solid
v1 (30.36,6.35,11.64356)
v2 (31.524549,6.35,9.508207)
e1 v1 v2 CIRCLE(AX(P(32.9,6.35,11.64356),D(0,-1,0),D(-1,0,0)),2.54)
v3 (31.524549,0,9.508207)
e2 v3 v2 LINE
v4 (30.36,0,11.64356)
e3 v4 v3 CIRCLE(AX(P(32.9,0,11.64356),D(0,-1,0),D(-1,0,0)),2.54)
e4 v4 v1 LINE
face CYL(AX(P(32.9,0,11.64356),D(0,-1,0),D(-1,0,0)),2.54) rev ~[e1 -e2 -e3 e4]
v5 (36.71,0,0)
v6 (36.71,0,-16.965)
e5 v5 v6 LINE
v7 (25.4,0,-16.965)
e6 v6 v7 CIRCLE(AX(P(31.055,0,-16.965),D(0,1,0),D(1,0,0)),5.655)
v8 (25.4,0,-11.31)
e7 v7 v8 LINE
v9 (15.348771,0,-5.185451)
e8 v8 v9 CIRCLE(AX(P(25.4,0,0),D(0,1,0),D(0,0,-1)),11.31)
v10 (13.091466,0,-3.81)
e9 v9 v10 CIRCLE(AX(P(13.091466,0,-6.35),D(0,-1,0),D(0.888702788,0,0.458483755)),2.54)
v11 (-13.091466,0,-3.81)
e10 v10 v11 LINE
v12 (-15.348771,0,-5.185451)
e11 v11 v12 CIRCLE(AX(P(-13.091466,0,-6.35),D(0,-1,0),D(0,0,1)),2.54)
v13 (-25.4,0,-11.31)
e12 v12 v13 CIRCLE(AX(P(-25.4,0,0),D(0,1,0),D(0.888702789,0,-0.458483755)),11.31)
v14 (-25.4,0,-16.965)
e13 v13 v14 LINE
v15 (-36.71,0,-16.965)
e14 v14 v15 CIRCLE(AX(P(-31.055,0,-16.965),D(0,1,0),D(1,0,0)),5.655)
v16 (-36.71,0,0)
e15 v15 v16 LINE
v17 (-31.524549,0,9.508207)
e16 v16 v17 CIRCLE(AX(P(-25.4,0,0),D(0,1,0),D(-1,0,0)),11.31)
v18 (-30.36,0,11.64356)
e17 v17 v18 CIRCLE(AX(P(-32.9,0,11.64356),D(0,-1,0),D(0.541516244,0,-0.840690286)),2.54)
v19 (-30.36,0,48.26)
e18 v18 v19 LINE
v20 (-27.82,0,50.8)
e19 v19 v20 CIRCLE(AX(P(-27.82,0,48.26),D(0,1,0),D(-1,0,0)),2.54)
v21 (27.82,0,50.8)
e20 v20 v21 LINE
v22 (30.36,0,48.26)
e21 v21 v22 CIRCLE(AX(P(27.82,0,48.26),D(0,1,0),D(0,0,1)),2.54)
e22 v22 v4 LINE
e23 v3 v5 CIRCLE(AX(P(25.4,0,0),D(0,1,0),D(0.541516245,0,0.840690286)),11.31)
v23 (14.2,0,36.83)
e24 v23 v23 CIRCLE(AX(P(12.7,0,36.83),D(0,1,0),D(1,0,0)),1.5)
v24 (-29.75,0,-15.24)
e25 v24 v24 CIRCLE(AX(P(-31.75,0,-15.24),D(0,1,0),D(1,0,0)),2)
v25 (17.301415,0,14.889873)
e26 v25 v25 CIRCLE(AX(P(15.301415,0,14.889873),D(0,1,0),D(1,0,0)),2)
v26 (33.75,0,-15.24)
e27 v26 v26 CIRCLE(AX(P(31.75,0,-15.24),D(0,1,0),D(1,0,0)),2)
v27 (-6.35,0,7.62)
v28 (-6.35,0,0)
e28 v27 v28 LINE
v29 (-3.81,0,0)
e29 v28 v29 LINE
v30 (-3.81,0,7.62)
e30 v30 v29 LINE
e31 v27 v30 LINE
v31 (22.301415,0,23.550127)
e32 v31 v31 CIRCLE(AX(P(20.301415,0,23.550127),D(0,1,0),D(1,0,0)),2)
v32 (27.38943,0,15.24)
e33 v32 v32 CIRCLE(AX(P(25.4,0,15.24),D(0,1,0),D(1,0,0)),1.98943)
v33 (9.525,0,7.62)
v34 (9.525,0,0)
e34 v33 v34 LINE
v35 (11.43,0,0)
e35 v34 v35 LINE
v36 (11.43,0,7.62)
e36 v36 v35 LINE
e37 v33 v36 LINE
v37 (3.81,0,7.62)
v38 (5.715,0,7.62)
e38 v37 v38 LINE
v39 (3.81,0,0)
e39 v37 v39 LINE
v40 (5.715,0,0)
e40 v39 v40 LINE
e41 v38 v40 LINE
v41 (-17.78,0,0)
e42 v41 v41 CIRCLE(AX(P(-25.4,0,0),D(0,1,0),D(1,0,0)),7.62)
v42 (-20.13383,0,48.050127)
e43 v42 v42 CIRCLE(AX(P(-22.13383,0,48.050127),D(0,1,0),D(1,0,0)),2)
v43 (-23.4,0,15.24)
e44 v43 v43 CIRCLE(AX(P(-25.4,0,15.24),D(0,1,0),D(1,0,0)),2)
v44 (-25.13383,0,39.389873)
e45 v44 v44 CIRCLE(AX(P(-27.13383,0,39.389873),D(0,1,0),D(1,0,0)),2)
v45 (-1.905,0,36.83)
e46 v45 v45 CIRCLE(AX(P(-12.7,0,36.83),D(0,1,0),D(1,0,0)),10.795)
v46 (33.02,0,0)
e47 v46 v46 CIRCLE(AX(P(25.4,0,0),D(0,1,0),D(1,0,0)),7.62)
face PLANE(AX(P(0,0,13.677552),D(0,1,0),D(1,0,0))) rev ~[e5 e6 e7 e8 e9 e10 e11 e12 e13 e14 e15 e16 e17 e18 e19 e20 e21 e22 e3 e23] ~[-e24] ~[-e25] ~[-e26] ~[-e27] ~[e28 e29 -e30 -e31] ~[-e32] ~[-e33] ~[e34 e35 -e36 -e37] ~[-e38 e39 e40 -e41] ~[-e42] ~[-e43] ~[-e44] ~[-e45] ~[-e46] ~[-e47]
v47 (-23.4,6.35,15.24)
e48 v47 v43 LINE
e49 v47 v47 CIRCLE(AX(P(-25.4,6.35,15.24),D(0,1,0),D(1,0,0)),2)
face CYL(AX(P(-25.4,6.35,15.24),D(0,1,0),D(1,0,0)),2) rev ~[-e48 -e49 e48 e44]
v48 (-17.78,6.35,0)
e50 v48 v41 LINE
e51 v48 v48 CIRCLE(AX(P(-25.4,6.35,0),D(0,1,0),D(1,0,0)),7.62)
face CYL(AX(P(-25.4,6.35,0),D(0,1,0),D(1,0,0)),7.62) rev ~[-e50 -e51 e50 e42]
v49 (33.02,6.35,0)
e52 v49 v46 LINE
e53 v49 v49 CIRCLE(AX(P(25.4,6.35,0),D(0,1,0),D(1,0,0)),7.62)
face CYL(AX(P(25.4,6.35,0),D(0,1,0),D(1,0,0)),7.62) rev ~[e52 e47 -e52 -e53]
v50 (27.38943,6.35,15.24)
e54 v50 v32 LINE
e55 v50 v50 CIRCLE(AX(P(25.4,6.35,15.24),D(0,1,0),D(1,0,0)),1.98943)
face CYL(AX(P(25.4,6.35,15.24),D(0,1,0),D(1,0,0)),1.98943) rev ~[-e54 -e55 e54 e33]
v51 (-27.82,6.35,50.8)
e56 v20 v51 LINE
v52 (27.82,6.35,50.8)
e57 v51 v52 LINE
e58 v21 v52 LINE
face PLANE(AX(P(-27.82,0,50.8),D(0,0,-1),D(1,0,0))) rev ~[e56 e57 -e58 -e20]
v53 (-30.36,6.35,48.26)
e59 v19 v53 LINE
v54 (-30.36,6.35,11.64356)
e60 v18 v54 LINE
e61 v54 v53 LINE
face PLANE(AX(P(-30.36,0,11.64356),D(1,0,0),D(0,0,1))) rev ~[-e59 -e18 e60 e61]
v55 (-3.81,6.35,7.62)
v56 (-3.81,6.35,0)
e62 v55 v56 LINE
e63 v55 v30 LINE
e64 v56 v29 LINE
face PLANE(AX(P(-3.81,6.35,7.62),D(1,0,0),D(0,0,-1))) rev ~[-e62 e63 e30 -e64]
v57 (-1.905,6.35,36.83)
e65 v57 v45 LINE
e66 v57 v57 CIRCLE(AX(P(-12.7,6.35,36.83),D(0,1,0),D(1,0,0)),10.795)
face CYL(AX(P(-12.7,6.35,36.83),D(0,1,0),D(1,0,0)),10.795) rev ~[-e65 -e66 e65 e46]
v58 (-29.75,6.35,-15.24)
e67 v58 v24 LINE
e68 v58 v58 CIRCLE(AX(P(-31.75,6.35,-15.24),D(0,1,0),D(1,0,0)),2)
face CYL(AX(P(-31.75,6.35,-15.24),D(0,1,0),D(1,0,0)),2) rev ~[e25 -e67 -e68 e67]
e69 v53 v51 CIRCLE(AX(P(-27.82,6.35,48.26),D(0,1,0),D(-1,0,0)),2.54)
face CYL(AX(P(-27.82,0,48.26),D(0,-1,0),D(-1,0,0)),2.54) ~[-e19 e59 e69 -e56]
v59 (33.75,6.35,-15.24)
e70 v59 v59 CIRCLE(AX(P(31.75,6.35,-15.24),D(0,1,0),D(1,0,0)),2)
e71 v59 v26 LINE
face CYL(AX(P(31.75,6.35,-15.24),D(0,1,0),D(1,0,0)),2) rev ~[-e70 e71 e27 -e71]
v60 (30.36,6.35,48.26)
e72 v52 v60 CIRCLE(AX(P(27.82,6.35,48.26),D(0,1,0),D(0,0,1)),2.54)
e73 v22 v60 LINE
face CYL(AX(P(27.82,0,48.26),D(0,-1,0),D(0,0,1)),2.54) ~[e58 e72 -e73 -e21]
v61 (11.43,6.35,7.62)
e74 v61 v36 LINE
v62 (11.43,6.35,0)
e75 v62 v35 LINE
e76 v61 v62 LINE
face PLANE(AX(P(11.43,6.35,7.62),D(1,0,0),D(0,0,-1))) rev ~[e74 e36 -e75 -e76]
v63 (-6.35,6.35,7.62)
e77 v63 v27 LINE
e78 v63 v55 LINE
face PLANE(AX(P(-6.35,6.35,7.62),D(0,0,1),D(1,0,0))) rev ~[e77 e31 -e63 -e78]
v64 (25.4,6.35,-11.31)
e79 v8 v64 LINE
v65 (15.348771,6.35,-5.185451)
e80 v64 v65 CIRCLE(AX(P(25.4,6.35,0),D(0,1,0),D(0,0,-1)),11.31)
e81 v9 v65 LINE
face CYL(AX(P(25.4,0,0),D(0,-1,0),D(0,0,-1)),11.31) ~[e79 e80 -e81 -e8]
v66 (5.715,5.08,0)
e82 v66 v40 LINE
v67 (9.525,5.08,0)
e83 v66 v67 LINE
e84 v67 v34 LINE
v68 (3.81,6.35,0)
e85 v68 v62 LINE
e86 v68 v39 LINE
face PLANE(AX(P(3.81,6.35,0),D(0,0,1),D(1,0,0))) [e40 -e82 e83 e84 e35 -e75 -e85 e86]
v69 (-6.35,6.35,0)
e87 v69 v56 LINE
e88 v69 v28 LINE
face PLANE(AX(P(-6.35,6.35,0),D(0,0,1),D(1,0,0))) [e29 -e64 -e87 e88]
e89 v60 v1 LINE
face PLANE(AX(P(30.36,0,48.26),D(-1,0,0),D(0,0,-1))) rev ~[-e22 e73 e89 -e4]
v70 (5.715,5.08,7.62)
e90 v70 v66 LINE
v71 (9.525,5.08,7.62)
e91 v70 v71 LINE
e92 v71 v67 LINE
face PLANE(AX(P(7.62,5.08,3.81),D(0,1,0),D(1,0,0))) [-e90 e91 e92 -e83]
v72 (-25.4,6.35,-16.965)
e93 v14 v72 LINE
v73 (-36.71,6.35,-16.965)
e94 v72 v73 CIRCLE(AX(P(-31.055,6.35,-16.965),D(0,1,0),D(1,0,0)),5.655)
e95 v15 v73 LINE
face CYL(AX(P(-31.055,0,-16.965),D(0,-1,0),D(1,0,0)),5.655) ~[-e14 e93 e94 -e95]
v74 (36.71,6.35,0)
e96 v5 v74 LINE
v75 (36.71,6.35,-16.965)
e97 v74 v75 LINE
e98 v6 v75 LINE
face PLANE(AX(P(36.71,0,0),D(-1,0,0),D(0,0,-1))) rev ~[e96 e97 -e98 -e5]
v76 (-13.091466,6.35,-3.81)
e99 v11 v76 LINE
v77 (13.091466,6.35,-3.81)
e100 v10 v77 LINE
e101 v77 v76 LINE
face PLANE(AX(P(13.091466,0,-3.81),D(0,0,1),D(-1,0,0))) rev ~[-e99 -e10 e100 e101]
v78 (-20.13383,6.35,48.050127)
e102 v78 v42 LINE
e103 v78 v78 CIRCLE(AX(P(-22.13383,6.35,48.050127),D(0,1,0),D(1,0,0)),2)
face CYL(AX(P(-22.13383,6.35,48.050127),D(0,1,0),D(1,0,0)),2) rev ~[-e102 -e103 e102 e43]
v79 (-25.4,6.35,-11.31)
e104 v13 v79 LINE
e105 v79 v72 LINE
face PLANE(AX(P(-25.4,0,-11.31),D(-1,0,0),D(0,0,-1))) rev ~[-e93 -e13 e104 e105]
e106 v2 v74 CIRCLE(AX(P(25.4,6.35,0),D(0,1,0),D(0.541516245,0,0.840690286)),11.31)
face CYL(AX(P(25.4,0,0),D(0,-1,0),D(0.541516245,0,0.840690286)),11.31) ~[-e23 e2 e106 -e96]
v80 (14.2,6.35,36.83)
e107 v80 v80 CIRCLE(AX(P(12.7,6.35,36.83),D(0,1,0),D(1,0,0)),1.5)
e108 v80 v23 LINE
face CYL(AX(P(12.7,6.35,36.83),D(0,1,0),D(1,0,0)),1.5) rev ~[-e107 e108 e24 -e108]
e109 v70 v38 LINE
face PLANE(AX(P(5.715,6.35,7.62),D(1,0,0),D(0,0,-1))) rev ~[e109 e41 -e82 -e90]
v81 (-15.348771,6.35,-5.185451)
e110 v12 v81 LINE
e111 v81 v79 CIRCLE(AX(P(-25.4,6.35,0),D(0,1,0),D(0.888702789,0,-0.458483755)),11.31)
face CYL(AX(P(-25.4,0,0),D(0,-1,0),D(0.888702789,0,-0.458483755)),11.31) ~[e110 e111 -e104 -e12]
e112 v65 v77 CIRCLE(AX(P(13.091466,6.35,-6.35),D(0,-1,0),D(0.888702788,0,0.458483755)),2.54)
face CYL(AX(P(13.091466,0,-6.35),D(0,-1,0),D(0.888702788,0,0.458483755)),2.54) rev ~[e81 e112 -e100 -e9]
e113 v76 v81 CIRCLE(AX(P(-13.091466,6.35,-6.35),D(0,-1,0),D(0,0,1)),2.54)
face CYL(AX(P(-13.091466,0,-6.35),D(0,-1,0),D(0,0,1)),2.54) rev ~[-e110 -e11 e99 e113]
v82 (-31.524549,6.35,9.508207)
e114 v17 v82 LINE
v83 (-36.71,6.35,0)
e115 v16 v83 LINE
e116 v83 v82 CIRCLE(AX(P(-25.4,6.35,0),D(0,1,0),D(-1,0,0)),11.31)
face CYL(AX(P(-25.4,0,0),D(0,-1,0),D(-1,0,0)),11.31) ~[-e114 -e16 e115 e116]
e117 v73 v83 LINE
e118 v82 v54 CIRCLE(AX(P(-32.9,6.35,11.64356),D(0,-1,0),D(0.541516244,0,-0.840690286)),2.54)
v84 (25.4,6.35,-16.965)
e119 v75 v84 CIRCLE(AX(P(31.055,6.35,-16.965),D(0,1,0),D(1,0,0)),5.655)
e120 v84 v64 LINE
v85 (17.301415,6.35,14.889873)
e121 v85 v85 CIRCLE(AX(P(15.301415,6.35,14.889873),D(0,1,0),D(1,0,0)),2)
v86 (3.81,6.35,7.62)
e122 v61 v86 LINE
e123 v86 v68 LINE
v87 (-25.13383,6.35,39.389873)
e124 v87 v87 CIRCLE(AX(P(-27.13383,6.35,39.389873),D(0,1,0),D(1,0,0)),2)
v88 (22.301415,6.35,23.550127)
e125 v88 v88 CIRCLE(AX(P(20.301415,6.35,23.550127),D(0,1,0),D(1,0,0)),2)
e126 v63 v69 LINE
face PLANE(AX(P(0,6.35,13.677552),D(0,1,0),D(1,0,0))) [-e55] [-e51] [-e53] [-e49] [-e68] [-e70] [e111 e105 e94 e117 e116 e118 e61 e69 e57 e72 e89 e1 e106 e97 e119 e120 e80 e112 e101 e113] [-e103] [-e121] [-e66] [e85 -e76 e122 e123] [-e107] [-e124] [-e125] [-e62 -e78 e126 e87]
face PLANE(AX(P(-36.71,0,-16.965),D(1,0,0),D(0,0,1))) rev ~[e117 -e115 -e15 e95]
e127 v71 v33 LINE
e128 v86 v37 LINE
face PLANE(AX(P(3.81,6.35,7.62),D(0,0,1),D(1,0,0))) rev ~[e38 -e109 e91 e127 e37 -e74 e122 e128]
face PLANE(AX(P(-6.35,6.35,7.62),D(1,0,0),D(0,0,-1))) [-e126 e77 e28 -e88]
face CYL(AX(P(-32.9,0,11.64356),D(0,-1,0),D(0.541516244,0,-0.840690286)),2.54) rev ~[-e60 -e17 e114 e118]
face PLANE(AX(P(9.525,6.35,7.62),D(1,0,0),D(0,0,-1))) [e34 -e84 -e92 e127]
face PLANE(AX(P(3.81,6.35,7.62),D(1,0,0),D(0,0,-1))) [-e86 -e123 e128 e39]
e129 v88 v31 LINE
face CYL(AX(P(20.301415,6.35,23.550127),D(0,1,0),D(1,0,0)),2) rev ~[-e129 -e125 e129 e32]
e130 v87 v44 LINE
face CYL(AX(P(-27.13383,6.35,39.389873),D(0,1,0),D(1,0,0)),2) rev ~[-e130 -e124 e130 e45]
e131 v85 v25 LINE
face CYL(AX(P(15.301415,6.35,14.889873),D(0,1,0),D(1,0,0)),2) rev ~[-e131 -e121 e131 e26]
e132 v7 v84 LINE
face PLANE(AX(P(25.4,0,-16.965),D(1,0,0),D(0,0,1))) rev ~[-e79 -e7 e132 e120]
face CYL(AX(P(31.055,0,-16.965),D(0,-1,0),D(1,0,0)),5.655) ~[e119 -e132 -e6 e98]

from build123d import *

# Parameters (mm, degrees)
BOSS_EXTRUDE2_DEPTH = 6.35
SKETCH6_W           = 2.54
SKETCH6_H           = 7.62
SKETCH6_W_2         = 1.905
CUT_EXTRUDE3_DEPTH  = 6.35
SKETCH7_R           = 10.795
SKETCH7_R_2         = 1.5
CUT_EXTRUDE4_DEPTH  = 6.35
SKETCH10_R          = 7.62
CUT_EXTRUDE6_DEPTH  = 6.35
SKETCH11_W          = 3.81
SKETCH11_H          = 7.62
CUT_EXTRUDE7_DEPTH  = 1.27
SKETCH8_R           = 2
SKETCH8_R_2         = 1.989430384
CUT_EXTRUDE8_DEPTH  = 6.35
SKETCH12_R          = 2
CUT_EXTRUDE9_DEPTH  = 6.35


with BuildPart() as part:
    # Sketch3 → Boss-Extrude2 (new body)
    with BuildSketch(Plane(origin=(0, 0, 0), x_dir=(1, 0, 0), z_dir=(0, 1, 0))):
        with BuildLine():
            Line((-27.819999986, -50.8), (-16.461471842, -50.8))
            Line((-16.461471842, -50.8), (4.000849576, -50.8))
            Line((4.000849576, -50.8), (23.297417358, -50.8))
            Line((23.297417358, -50.8), (27.819999986, -50.8))
            ThreePointArc((27.819999986, -50.8), (29.61605121, -50.056051224), (30.359999986, -48.26))
            Line((30.359999986, -48.26), (30.359999986, -11.643560444))
            ThreePointArc((30.359999986, -11.643560444), (30.670062071, -10.427428504), (31.524548724, -9.508207119))
            ThreePointArc((31.524548724, -9.508207119), (35.329369206, -5.415138673), (36.709999986, 0))
            Line((36.709999986, 0), (36.709999986, 16.964999979))
            ThreePointArc((36.709999986, 16.964999979), (31.054999993, 22.619999972), (25.4, 16.964999979))
            Line((25.4, 16.964999979), (25.4, 11.309999986))
            ThreePointArc((25.4, 11.309999986), (19.514906714, 9.658249153), (15.348771474, 5.185451262))
            ThreePointArc((15.348771474, 5.185451262), (14.413140747, 4.180950232), (13.091466391, 3.81))
            Line((13.091466391, 3.81), (-13.091466391, 3.81))
            ThreePointArc((-13.091466391, 3.81), (-14.413140747, 4.180950232), (-15.348771474, 5.185451262))
            ThreePointArc((-15.348771474, 5.185451262), (-19.514906714, 9.658249153), (-25.4, 11.309999986))
            Line((-25.4, 11.309999986), (-25.4, 16.964999979))
            ThreePointArc((-25.4, 16.964999979), (-31.054999993, 22.619999972), (-36.709999986, 16.964999979))
            Line((-36.709999986, 16.964999979), (-36.709999986, 0))
            ThreePointArc((-36.709999986, 0), (-35.329369206, -5.415138673), (-31.524548724, -9.508207119))
            ThreePointArc((-31.524548724, -9.508207119), (-30.670062071, -10.427428504), (-30.359999986, -11.643560444))
            Line((-30.359999986, -11.643560444), (-30.359999986, -48.26))
            ThreePointArc((-30.359999986, -48.26), (-29.61605121, -50.056051224), (-27.819999986, -50.8))
        make_face()
    extrude(amount=BOSS_EXTRUDE2_DEPTH)

    # Sketch6 → Cut-Extrude3 (cut)
    with BuildSketch(Plane(origin=(0, 6.35, 0), x_dir=(1, 0, 0), z_dir=(0, 1, 0))):
        with Locations((-5.08, -3.81)):
            Rectangle(SKETCH6_W, SKETCH6_H)
        with Locations((4.7625, -3.81)):
            Rectangle(SKETCH6_W_2, SKETCH6_H)
        with Locations((10.4775, -3.81)):
            Rectangle(SKETCH6_W_2, SKETCH6_H)
    extrude(amount=-CUT_EXTRUDE3_DEPTH, mode=Mode.SUBTRACT)

    # Sketch7 → Cut-Extrude4 (cut)
    with BuildSketch(Plane(origin=(0, 6.35, 0), x_dir=(1, 0, 0), z_dir=(0, 1, 0))):
        with Locations((-12.7, -36.83)):
            Circle(SKETCH7_R)
        with Locations((12.7, -36.83)):
            Circle(SKETCH7_R_2)
    extrude(amount=-CUT_EXTRUDE4_DEPTH, mode=Mode.SUBTRACT)

    # Sketch10 → Cut-Extrude6 (cut)
    with BuildSketch(Plane(origin=(0, 6.35, 0), x_dir=(1, 0, 0), z_dir=(0, 1, 0))):
        with Locations((-25.4, 0)):
            Circle(SKETCH10_R)
        with Locations((25.4, 0)):
            Circle(SKETCH10_R)
    extrude(amount=-CUT_EXTRUDE6_DEPTH, mode=Mode.SUBTRACT)

    # Sketch11 → Cut-Extrude7 (cut)
    with BuildSketch(Plane(origin=(0, 6.35, 0), x_dir=(1, 0, 0), z_dir=(0, 1, 0))):
        with Locations((7.62, -3.81)):
            Rectangle(SKETCH11_W, SKETCH11_H)
    extrude(amount=-CUT_EXTRUDE7_DEPTH, mode=Mode.SUBTRACT)

    # Sketch8 → Cut-Extrude8 (cut)
    with BuildSketch(Plane(origin=(0, 6.35, 0), x_dir=(1, 0, 0), z_dir=(0, 1, 0))):
        with Locations((-31.75, 15.24)):
            Circle(SKETCH8_R)
        with Locations((-25.4, -15.24)):
            Circle(SKETCH8_R)
        with Locations((25.4, -15.24)):
            Circle(SKETCH8_R_2)
        with Locations((31.75, 15.24)):
            Circle(SKETCH8_R)
    extrude(amount=-CUT_EXTRUDE8_DEPTH, mode=Mode.SUBTRACT)

    # Sketch12 → Cut-Extrude9 (cut)
    with BuildSketch(Plane(origin=(0, 6.35, 0), x_dir=(1, 0, 0), z_dir=(0, 1, 0))):
        with Locations((15.301414721, -14.889872981)):
            Circle(SKETCH12_R)
        with Locations((20.301414721, -23.550127019)):
            Circle(SKETCH12_R)
        with Locations((-22.133830064, -48.050127019)):
            Circle(SKETCH12_R)
        with Locations((-27.133830064, -39.389872981)):
            Circle(SKETCH12_R)
    extrude(amount=-CUT_EXTRUDE9_DEPTH, mode=Mode.SUBTRACT)


solid = part.part
